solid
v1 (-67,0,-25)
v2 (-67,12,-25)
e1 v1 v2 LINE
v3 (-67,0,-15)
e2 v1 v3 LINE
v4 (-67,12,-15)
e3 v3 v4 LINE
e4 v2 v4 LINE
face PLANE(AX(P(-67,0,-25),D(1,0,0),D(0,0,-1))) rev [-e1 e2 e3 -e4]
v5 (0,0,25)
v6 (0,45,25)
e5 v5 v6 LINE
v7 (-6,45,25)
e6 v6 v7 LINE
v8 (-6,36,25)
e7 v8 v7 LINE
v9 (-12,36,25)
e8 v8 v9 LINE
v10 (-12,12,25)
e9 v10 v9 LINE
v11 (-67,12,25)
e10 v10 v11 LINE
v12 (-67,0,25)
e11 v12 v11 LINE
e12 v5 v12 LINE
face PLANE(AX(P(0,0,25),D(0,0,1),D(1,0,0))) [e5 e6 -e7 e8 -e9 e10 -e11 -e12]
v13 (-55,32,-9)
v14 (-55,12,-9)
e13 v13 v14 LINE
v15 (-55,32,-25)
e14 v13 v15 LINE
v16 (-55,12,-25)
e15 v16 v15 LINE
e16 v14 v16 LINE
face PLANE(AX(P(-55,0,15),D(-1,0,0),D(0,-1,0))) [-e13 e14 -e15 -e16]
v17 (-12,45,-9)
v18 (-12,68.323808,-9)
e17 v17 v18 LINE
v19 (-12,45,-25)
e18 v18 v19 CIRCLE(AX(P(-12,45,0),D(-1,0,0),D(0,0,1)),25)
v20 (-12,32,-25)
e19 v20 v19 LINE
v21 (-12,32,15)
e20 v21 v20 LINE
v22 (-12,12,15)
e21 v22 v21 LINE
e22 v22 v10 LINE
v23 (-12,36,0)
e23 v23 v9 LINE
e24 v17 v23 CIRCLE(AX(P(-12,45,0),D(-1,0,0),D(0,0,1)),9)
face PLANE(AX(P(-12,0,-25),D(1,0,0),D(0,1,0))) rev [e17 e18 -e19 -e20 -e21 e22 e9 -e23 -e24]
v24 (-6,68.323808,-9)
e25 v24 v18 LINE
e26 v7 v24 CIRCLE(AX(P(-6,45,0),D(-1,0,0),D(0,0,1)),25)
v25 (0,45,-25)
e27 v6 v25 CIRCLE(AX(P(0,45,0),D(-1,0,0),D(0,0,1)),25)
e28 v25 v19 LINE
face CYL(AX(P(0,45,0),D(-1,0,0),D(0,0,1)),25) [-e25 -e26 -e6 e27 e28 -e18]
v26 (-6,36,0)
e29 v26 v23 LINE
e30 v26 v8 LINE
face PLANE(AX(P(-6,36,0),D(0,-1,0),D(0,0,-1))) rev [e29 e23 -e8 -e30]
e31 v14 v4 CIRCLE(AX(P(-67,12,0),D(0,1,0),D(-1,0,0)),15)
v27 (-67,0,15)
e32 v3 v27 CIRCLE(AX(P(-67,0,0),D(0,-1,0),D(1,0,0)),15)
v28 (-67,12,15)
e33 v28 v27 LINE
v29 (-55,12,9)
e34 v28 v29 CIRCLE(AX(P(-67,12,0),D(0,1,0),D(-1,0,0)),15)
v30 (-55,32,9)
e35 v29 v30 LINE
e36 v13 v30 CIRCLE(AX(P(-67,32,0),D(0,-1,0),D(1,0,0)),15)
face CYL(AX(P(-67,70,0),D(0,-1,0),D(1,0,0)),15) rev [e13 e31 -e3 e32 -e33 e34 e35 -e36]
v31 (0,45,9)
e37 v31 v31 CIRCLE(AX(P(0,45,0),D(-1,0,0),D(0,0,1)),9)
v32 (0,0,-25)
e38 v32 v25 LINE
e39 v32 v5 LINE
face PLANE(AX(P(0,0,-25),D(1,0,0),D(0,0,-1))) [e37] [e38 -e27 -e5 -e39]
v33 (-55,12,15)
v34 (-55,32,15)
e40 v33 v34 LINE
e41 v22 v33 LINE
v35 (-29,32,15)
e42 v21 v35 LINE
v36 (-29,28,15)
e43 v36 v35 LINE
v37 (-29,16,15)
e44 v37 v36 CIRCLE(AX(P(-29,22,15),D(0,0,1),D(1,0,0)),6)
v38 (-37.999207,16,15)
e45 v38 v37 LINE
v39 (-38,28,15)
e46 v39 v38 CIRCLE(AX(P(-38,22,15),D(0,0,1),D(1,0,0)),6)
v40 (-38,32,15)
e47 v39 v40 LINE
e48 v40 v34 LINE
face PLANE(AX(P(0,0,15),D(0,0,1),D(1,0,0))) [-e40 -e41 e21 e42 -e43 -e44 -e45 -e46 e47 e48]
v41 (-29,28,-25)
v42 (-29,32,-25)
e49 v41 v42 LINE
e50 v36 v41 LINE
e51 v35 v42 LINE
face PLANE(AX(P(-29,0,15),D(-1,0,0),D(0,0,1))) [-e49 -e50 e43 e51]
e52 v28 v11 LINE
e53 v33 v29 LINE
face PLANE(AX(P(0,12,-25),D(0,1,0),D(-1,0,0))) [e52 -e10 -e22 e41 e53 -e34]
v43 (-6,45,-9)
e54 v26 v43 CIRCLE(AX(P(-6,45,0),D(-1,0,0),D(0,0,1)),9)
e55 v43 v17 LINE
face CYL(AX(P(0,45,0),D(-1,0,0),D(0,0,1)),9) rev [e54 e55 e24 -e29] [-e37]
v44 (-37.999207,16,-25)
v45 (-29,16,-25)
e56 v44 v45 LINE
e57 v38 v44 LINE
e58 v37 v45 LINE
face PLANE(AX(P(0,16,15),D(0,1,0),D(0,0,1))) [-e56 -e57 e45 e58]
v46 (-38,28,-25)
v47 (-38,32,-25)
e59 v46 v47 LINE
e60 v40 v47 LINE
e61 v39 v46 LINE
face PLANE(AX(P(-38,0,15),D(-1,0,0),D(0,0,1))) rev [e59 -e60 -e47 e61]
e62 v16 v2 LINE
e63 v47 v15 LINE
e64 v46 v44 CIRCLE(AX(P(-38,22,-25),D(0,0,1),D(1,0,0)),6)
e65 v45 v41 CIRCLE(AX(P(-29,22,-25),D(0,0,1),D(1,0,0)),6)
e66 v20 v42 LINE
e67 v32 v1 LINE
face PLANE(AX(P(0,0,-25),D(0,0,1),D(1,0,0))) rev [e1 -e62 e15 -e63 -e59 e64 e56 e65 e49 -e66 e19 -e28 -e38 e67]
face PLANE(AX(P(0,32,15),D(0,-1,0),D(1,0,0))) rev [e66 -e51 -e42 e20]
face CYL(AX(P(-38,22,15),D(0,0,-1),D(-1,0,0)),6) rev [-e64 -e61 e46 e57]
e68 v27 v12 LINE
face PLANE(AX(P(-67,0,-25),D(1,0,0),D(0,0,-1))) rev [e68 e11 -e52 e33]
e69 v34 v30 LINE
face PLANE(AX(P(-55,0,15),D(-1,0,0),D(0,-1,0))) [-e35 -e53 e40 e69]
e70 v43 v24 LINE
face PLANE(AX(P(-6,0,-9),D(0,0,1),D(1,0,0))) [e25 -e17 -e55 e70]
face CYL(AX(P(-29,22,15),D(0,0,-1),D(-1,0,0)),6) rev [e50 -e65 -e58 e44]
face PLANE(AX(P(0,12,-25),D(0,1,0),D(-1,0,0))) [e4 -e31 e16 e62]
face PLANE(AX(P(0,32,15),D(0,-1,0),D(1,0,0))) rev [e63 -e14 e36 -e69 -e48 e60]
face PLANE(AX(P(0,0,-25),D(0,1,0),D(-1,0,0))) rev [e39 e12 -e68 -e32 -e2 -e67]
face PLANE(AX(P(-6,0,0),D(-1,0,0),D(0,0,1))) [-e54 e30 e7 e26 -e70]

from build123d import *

# Parameters (mm, degrees)
BOSS_EXTRUDE1_DEPTH      = 25
BOSS_EXTRUDE1_DEPTH_BACK = 25
BOSS_EXTRUDE2_DEPTH      = 15
BOSS_EXTRUDE2_DEPTH_BACK = 25
SKETCH2_R                = 15
CUT_EXTRUDE1_DEPTH       = 101.069975517
CUT_EXTRUDE2_DEPTH       = 93.466210045
SKETCH3_6_R              = 9
CUT_EXTRUDE3_DEPTH       = 93.466210045
CUT_EXTRUDE4_DEPTH       = 6


with BuildPart() as part:
    # Sketch1 → Boss-Extrude1 (new, two sides: drawn at the far end of the back side and taken through both)
    with BuildSketch(Plane.XY.offset(-BOSS_EXTRUDE1_DEPTH_BACK)):
        Polygon((-14.682422452, 0), (0, 0), (0, 10.443131462), (0, 70), (-12, 70), (-12, 32), (-12, 12), (-55, 12), (-67, 12), (-67, 0), align=None)
    extrude(amount=BOSS_EXTRUDE1_DEPTH + BOSS_EXTRUDE1_DEPTH_BACK)

    # Sketch1<3> → Boss-Extrude2 (add, two sides: drawn at the far end of the back side and taken through both)
    with BuildSketch(Plane.XY.offset(-BOSS_EXTRUDE2_DEPTH_BACK)):
        with BuildLine():
            Line((-55, 32), (-55, 12))
            Line((-55, 12), (-12, 12))
            Line((-12, 12), (-12, 32))
            Line((-12, 32), (-29, 32))
            Line((-29, 32), (-29, 28.000000026))
            ThreePointArc((-29, 28.000000026), (-23, 22.000000026), (-29, 16.000000026))
            Line((-29, 16.000000026), (-37.999206574, 16.000000026))
            ThreePointArc((-37.999206574, 16.000000026), (-44.000000013, 21.999603287), (-38, 28.000000026))
            Line((-38, 28.000000026), (-38, 32))
            Line((-38, 32), (-55, 32))
        make_face()
    extrude(amount=BOSS_EXTRUDE2_DEPTH + BOSS_EXTRUDE2_DEPTH_BACK)

    # Sketch2 → Cut-Extrude1 (cut, through all)
    with BuildSketch(Plane.XZ):
        with Locations((-67, 0)):
            Circle(SKETCH2_R)
    extrude(amount=-CUT_EXTRUDE1_DEPTH, mode=Mode.SUBTRACT)

    # Sketch3 → Cut-Extrude2 (cut, through all)
    with BuildSketch(Plane.ZY.offset(12)):
        with BuildLine():
            ThreePointArc((-25, 45), (-17.67766953, 62.67766953), (0, 70))
            Line((0, 70), (-25, 70))
            Line((-25, 70), (-25, 45))
        make_face()
        with BuildLine():
            Line((25, 70), (0, 70))
            ThreePointArc((0, 70), (17.67766953, 62.67766953), (25, 45))
            Line((25, 45), (25, 70))
        make_face()
    extrude(amount=-CUT_EXTRUDE2_DEPTH, mode=Mode.SUBTRACT)

    # Sketch3<6> → Cut-Extrude3 (cut, through all)
    with BuildSketch(Plane.ZY.offset(12)):
        with Locations((0, 45)):
            Circle(SKETCH3_6_R)
    extrude(amount=-CUT_EXTRUDE3_DEPTH, mode=Mode.SUBTRACT)

    # Sketch3<7> → Cut-Extrude4 (cut)
    with BuildSketch(Plane.ZY.offset(12)):
        with BuildLine():
            Line((-9, 68.323807579), (-9, 45))
            ThreePointArc((-9, 45), (6.363961031, 51.363961031), (0, 36))
            Line((0, 36), (25, 36))
            Line((25, 36), (25, 45))
            ThreePointArc((25, 45), (14.142135624, 65.615528128), (-9, 68.323807579))
        make_face()
    extrude(amount=-CUT_EXTRUDE4_DEPTH, mode=Mode.SUBTRACT)


solid = part.part
